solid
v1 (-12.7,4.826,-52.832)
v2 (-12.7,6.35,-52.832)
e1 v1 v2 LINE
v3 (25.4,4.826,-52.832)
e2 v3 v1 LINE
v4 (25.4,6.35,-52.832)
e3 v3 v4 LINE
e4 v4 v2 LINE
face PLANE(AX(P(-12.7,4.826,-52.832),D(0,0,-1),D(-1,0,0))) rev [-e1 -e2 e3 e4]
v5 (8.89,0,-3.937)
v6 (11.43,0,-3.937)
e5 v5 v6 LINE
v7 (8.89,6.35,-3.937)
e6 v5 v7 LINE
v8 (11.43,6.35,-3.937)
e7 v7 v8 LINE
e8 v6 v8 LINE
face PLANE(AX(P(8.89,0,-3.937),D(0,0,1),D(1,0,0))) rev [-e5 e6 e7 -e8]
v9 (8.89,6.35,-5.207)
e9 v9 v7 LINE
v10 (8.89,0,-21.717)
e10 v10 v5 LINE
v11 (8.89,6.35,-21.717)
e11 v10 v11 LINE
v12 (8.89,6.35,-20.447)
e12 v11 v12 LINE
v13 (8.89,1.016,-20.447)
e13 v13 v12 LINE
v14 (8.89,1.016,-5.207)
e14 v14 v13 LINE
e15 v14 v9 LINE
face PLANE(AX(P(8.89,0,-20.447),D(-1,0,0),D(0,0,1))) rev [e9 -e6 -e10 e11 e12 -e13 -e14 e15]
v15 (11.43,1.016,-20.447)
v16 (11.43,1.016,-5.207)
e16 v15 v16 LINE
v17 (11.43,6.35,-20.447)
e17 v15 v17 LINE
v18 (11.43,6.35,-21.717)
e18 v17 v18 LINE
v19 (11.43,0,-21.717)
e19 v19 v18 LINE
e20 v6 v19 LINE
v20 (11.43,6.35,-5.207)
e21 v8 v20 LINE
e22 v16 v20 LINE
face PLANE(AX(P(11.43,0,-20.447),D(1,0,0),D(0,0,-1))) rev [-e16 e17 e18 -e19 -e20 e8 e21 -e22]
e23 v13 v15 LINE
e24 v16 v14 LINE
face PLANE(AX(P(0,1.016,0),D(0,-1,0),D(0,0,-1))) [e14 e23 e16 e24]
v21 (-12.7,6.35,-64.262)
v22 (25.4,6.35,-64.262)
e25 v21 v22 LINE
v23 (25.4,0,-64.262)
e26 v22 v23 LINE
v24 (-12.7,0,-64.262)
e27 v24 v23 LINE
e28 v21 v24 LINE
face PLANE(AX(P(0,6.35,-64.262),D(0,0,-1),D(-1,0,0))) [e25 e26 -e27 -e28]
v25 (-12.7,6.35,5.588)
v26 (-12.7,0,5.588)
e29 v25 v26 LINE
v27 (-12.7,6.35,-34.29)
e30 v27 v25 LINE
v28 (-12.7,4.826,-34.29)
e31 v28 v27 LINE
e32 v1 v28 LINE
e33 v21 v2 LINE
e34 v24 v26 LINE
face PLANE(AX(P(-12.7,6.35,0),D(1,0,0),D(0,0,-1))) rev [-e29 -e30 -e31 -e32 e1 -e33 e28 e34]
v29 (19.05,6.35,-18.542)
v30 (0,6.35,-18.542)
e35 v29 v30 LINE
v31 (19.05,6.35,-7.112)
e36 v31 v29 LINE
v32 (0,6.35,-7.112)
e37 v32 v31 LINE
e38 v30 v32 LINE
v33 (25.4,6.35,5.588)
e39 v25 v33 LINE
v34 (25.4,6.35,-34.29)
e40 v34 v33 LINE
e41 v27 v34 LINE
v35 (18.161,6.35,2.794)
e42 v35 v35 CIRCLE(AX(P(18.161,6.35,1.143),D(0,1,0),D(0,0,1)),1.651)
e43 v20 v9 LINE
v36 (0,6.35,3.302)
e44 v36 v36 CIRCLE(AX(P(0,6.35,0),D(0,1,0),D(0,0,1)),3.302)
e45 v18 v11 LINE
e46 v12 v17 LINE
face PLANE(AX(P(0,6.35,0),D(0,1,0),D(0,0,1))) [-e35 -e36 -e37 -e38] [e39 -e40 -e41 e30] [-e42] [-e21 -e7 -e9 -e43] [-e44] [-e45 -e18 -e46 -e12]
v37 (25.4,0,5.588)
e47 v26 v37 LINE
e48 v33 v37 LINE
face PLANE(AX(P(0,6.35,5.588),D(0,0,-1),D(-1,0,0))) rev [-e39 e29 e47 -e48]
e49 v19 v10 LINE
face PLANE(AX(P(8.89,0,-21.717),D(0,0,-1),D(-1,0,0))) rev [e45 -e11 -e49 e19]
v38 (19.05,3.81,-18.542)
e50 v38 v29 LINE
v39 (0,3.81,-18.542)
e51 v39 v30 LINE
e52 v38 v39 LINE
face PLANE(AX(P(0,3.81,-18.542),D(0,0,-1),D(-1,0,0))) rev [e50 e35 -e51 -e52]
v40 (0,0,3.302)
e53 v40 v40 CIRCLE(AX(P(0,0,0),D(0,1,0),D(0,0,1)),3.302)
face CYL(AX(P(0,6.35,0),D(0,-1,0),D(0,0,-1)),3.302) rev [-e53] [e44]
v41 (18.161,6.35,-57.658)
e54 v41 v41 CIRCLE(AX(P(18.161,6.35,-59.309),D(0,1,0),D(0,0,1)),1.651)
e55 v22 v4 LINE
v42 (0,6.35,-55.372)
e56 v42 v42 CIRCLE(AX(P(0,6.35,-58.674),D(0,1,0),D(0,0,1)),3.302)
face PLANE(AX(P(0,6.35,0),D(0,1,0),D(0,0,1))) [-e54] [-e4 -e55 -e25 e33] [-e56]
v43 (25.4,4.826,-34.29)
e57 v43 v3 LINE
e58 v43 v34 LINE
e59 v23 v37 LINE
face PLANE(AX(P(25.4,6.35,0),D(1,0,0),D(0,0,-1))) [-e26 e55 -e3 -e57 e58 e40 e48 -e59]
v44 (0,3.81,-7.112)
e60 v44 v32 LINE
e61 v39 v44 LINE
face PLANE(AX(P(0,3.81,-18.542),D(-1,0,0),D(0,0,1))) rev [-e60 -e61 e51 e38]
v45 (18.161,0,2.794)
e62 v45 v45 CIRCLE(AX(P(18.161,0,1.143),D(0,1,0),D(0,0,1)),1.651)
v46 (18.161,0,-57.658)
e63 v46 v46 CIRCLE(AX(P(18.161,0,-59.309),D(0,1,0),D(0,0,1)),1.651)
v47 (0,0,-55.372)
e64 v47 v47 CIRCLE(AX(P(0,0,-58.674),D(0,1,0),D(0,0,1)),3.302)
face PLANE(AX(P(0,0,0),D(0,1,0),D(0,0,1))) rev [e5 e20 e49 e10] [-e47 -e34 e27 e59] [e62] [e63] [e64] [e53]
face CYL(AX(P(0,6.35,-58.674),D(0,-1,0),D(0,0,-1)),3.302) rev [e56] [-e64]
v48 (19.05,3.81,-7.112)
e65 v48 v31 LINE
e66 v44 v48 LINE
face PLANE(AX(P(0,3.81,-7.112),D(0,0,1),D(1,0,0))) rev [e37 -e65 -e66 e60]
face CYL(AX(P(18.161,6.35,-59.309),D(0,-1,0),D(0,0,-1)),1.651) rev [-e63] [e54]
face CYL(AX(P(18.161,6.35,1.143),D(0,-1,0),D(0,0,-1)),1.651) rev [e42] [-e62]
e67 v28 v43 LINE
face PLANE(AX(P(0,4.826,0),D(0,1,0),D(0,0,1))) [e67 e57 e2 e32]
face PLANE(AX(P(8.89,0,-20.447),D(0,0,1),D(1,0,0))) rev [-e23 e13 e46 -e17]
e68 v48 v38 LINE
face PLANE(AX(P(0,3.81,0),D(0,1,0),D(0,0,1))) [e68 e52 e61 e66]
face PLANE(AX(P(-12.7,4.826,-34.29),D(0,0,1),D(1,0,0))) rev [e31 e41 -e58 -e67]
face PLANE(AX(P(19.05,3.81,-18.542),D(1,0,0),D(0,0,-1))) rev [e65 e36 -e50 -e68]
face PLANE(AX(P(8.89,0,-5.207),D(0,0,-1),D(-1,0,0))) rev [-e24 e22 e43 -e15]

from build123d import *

# Parameters (mm, degrees)
SKETCH1_W               = 38.1
SKETCH1_H               = 69.85
SKETCH1_R               = 3.302
SKETCH1_R_2             = 1.651
BOSS_EXTRUDE1_DEPTH     = 6.35
SKETCH2_W               = 19.05
SKETCH2_H               = 11.43
CUT_EXTRUDE1_DEPTH      = 2.54
CUT_EXTRUDE2_DEPTH      = 70.390828962
CUT_EXTRUDE2_DEPTH_BACK = 70.390828962
SKETCH5_W               = 2.54
SKETCH5_H               = 1.27
SKETCH6_W               = 2.54
SKETCH6_H               = 15.24
CUT_EXTRUDE3_DEPTH      = 1.016
SKETCH7_W               = 38.1
SKETCH7_H               = 18.542
CUT_EXTRUDE4_DEPTH      = 1.524


with BuildPart() as part:
    # Sketch1 → Boss-Extrude1 (new body)
    with BuildSketch(Plane(origin=(0, 0, 0), x_dir=(1, 0, 0), z_dir=(0, 1, 0))):
        with Locations((6.35, 29.337)):
            Rectangle(SKETCH1_W, SKETCH1_H)
        with Locations(Location((0, 0, 0), (0, 0, 270))):
            Circle(SKETCH1_R, mode=Mode.SUBTRACT)
        with Locations(Location((0, 58.674, 0), (0, 0, 270))):
            Circle(SKETCH1_R, mode=Mode.SUBTRACT)
        with Locations(Location((18.161, 59.309, 0), (0, 0, 270))):
            Circle(SKETCH1_R_2, mode=Mode.SUBTRACT)
        with Locations(Location((18.161, -1.143, 0), (0, 0, 270))):
            Circle(SKETCH1_R_2, mode=Mode.SUBTRACT)
    extrude(amount=BOSS_EXTRUDE1_DEPTH)

    # Sketch2 → Cut-Extrude1 (cut)
    with BuildSketch(Plane(origin=(0, 6.35, 0), x_dir=(1, 0, 0), z_dir=(0, 1, 0))):
        with Locations((9.525, 12.827)):
            Rectangle(SKETCH2_W, SKETCH2_H)
    extrude(amount=-CUT_EXTRUDE1_DEPTH, mode=Mode.SUBTRACT)

    # Sketch5 → Cut-Extrude2 (cut, two sides: drawn at the far end of the back side and taken through both)
    with BuildSketch(Plane(origin=(0, 6.35, 0), x_dir=(1, 0, 0), z_dir=(0, 1, 0)).offset(-CUT_EXTRUDE2_DEPTH_BACK)):
        with Locations((10.16, 21.082)):
            Rectangle(SKETCH5_W, SKETCH5_H)
        with Locations((10.16, 4.572)):
            Rectangle(SKETCH5_W, SKETCH5_H)
    extrude(amount=CUT_EXTRUDE2_DEPTH + CUT_EXTRUDE2_DEPTH_BACK, mode=Mode.SUBTRACT)

    # Sketch6 → Cut-Extrude3 (cut)
    with BuildSketch(Plane.XZ):
        with Locations((10.16, -12.827)):
            Rectangle(SKETCH6_W, SKETCH6_H)
    extrude(amount=-CUT_EXTRUDE3_DEPTH, mode=Mode.SUBTRACT)

    # Sketch7 → Cut-Extrude4 (cut)
    with BuildSketch(Plane(origin=(0, 6.35, 0), x_dir=(1, 0, 0), z_dir=(0, 1, 0))):
        with Locations((6.35, 43.561)):
            Rectangle(SKETCH7_W, SKETCH7_H)
    extrude(amount=-CUT_EXTRUDE4_DEPTH, mode=Mode.SUBTRACT)


solid = part.part
